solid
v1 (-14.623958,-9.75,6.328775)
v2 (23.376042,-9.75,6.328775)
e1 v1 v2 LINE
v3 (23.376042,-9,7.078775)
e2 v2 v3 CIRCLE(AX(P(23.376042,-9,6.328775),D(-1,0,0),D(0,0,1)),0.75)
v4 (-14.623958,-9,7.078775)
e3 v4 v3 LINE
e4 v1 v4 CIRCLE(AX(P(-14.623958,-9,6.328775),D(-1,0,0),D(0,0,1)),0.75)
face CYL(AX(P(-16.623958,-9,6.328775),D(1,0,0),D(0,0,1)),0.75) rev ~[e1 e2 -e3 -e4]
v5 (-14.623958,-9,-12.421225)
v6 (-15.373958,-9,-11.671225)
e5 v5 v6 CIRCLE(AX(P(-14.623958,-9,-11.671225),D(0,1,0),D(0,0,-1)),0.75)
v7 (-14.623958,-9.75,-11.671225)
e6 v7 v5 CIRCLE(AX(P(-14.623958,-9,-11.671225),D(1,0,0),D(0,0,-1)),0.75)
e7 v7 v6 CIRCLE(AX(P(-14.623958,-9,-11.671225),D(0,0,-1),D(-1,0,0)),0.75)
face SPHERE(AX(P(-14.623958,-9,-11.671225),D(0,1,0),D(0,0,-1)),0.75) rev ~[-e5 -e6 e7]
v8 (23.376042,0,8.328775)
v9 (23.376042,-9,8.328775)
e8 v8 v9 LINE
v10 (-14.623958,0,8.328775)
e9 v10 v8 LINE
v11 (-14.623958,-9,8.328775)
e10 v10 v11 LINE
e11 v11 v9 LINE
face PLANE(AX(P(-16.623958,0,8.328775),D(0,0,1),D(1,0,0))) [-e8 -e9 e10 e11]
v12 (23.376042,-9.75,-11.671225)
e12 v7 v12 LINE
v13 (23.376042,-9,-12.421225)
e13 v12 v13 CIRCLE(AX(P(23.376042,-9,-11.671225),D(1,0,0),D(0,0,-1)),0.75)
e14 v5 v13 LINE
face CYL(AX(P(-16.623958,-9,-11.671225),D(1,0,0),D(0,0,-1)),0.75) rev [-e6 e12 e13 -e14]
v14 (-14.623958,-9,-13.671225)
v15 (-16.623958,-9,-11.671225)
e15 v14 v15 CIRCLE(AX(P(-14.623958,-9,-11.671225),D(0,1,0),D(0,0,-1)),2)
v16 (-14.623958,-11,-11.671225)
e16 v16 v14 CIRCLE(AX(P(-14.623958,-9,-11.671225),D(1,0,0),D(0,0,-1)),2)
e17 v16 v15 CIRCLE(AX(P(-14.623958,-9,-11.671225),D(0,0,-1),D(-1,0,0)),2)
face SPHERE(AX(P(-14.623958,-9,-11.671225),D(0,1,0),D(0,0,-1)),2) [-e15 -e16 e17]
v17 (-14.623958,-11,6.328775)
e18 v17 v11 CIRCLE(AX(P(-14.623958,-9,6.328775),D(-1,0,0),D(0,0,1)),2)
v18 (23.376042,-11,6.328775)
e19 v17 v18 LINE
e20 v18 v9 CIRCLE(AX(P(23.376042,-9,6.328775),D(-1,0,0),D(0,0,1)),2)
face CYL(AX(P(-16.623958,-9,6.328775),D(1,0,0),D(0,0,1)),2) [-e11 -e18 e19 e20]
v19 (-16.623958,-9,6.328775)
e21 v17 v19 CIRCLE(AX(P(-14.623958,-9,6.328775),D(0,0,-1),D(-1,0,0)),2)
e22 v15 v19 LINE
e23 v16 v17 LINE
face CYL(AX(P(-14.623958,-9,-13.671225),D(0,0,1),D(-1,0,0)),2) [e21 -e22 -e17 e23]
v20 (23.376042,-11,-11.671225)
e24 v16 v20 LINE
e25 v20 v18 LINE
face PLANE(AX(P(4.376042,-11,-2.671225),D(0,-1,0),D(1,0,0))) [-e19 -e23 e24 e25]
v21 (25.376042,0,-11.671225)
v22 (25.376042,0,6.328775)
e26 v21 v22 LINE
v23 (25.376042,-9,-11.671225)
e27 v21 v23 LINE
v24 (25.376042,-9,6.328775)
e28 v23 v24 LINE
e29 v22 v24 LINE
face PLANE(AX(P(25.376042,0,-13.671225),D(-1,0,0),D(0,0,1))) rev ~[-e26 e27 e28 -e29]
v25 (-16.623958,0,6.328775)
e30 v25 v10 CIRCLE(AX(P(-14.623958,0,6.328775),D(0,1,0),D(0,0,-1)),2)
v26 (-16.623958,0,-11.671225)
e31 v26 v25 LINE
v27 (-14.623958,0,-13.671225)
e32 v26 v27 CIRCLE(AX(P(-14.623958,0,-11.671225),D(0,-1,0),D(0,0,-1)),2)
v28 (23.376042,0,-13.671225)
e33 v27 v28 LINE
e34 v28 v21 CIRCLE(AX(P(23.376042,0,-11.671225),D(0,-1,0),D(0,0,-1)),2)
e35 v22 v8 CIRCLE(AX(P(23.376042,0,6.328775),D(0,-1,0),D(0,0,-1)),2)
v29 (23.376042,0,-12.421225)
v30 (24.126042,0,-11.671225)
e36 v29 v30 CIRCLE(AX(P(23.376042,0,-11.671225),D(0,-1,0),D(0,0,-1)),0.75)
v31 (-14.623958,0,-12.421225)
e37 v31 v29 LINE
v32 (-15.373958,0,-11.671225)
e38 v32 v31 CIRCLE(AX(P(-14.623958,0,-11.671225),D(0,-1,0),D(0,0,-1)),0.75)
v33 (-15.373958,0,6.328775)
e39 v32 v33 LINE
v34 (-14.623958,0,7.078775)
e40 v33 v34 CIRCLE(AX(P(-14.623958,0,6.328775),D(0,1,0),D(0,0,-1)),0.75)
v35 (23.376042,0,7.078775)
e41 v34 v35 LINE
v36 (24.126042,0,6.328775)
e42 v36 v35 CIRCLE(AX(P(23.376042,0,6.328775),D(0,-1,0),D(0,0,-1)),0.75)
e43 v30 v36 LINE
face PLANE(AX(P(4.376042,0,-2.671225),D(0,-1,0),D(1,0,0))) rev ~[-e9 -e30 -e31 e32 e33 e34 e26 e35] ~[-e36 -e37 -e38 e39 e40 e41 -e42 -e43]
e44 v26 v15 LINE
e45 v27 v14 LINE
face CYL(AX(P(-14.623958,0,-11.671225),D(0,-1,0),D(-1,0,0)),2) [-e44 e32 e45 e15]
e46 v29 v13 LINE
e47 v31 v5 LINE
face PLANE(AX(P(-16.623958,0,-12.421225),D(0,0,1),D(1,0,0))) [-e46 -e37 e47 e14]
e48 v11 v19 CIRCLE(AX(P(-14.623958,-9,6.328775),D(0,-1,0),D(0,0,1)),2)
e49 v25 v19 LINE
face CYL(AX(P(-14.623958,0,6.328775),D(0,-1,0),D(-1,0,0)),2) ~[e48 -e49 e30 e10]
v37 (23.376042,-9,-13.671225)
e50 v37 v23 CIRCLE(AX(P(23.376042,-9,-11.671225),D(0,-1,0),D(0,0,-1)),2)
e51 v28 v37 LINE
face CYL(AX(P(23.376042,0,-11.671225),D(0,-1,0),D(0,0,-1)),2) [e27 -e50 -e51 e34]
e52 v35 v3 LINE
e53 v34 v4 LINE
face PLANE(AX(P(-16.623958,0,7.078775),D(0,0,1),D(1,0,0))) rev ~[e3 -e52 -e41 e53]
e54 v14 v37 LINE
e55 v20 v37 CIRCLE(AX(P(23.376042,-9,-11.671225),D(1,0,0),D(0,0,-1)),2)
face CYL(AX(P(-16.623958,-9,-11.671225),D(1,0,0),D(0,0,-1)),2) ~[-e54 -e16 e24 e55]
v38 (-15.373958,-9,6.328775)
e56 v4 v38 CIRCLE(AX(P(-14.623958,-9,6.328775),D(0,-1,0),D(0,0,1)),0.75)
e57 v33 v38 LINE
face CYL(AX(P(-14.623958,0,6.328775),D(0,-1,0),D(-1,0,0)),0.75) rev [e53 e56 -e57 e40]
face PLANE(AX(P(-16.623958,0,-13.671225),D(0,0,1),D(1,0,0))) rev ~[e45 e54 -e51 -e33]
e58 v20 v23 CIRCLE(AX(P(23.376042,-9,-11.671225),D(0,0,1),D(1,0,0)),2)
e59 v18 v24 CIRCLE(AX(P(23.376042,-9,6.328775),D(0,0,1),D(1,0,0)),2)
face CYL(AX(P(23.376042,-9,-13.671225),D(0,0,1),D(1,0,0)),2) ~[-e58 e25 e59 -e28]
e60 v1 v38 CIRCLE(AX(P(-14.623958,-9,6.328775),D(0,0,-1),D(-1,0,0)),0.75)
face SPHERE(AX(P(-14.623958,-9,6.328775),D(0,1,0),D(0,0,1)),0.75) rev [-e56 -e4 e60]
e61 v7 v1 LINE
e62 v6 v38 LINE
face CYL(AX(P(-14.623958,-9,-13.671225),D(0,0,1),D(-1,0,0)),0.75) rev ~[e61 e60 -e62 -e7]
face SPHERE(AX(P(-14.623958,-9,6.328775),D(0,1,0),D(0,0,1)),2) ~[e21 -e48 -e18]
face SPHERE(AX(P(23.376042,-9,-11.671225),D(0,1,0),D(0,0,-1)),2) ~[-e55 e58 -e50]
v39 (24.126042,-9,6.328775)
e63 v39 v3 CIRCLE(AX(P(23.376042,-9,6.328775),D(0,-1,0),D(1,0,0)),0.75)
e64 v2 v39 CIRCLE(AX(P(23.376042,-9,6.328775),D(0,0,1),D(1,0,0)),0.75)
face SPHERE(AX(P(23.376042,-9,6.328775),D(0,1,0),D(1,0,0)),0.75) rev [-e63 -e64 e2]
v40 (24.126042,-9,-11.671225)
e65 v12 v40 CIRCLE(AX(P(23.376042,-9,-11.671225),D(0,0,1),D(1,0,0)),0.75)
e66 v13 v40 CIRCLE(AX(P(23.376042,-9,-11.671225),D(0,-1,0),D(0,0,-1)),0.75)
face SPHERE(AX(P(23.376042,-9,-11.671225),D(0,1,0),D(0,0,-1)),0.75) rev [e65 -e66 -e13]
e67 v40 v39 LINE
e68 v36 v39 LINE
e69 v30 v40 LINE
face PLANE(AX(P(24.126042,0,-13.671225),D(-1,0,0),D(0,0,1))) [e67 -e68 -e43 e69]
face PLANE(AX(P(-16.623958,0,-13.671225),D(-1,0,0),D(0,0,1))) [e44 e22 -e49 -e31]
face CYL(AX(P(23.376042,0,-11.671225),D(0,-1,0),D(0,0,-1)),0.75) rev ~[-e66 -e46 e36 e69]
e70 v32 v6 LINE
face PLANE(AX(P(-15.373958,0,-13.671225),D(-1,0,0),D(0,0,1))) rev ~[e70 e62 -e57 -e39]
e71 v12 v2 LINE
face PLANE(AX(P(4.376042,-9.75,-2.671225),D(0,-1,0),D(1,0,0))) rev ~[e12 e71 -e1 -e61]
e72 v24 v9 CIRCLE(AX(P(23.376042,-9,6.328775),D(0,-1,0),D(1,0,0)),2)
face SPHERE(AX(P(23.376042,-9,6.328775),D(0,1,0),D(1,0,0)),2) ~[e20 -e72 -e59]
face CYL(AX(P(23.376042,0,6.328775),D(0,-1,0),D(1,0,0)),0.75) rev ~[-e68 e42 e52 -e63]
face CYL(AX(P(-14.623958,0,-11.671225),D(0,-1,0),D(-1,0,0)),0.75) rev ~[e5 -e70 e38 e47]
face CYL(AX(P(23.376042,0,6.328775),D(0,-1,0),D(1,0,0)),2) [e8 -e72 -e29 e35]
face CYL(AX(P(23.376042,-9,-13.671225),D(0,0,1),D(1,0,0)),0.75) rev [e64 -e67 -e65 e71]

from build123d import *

# Parameters (mm, degrees)
F0_W     = 42
F0_H     = 22
F1_DEPTH = 11
F2_R     = 2
F3_T     = -1.25


with BuildPart() as f1:
    # F0 (on Front) → F1 (new body)
    with BuildSketch(Plane.XZ):
        with Locations((4.376042, -2.671225)):
            Rectangle(F0_W, F0_H)
    extrude(amount=F1_DEPTH)

    # F2
    f2_edges = [f1.edges().sort_by_distance(p)[0] for p in [
        (25.376042, -5.5, 8.328775),
        (25.376042, -5.5, -13.671225),
        (-16.623958, -5.5, 8.328775),
        (-16.623958, -5.5, -13.671225),
        (4.376042, -11, -13.671225),
        (25.376042, -11, -2.671225),
        (4.376042, -11, 8.328775),
        (-16.623958, -11, -2.671225),
    ]]
    fillet(f2_edges, radius=F2_R)

    # F3
    f3_openings = [f1.faces().sort_by_distance(p)[0] for p in [
        (4.376042, 0, -2.671225),
    ]]
    offset(amount=F3_T, openings=f3_openings)


solid = f1.part
